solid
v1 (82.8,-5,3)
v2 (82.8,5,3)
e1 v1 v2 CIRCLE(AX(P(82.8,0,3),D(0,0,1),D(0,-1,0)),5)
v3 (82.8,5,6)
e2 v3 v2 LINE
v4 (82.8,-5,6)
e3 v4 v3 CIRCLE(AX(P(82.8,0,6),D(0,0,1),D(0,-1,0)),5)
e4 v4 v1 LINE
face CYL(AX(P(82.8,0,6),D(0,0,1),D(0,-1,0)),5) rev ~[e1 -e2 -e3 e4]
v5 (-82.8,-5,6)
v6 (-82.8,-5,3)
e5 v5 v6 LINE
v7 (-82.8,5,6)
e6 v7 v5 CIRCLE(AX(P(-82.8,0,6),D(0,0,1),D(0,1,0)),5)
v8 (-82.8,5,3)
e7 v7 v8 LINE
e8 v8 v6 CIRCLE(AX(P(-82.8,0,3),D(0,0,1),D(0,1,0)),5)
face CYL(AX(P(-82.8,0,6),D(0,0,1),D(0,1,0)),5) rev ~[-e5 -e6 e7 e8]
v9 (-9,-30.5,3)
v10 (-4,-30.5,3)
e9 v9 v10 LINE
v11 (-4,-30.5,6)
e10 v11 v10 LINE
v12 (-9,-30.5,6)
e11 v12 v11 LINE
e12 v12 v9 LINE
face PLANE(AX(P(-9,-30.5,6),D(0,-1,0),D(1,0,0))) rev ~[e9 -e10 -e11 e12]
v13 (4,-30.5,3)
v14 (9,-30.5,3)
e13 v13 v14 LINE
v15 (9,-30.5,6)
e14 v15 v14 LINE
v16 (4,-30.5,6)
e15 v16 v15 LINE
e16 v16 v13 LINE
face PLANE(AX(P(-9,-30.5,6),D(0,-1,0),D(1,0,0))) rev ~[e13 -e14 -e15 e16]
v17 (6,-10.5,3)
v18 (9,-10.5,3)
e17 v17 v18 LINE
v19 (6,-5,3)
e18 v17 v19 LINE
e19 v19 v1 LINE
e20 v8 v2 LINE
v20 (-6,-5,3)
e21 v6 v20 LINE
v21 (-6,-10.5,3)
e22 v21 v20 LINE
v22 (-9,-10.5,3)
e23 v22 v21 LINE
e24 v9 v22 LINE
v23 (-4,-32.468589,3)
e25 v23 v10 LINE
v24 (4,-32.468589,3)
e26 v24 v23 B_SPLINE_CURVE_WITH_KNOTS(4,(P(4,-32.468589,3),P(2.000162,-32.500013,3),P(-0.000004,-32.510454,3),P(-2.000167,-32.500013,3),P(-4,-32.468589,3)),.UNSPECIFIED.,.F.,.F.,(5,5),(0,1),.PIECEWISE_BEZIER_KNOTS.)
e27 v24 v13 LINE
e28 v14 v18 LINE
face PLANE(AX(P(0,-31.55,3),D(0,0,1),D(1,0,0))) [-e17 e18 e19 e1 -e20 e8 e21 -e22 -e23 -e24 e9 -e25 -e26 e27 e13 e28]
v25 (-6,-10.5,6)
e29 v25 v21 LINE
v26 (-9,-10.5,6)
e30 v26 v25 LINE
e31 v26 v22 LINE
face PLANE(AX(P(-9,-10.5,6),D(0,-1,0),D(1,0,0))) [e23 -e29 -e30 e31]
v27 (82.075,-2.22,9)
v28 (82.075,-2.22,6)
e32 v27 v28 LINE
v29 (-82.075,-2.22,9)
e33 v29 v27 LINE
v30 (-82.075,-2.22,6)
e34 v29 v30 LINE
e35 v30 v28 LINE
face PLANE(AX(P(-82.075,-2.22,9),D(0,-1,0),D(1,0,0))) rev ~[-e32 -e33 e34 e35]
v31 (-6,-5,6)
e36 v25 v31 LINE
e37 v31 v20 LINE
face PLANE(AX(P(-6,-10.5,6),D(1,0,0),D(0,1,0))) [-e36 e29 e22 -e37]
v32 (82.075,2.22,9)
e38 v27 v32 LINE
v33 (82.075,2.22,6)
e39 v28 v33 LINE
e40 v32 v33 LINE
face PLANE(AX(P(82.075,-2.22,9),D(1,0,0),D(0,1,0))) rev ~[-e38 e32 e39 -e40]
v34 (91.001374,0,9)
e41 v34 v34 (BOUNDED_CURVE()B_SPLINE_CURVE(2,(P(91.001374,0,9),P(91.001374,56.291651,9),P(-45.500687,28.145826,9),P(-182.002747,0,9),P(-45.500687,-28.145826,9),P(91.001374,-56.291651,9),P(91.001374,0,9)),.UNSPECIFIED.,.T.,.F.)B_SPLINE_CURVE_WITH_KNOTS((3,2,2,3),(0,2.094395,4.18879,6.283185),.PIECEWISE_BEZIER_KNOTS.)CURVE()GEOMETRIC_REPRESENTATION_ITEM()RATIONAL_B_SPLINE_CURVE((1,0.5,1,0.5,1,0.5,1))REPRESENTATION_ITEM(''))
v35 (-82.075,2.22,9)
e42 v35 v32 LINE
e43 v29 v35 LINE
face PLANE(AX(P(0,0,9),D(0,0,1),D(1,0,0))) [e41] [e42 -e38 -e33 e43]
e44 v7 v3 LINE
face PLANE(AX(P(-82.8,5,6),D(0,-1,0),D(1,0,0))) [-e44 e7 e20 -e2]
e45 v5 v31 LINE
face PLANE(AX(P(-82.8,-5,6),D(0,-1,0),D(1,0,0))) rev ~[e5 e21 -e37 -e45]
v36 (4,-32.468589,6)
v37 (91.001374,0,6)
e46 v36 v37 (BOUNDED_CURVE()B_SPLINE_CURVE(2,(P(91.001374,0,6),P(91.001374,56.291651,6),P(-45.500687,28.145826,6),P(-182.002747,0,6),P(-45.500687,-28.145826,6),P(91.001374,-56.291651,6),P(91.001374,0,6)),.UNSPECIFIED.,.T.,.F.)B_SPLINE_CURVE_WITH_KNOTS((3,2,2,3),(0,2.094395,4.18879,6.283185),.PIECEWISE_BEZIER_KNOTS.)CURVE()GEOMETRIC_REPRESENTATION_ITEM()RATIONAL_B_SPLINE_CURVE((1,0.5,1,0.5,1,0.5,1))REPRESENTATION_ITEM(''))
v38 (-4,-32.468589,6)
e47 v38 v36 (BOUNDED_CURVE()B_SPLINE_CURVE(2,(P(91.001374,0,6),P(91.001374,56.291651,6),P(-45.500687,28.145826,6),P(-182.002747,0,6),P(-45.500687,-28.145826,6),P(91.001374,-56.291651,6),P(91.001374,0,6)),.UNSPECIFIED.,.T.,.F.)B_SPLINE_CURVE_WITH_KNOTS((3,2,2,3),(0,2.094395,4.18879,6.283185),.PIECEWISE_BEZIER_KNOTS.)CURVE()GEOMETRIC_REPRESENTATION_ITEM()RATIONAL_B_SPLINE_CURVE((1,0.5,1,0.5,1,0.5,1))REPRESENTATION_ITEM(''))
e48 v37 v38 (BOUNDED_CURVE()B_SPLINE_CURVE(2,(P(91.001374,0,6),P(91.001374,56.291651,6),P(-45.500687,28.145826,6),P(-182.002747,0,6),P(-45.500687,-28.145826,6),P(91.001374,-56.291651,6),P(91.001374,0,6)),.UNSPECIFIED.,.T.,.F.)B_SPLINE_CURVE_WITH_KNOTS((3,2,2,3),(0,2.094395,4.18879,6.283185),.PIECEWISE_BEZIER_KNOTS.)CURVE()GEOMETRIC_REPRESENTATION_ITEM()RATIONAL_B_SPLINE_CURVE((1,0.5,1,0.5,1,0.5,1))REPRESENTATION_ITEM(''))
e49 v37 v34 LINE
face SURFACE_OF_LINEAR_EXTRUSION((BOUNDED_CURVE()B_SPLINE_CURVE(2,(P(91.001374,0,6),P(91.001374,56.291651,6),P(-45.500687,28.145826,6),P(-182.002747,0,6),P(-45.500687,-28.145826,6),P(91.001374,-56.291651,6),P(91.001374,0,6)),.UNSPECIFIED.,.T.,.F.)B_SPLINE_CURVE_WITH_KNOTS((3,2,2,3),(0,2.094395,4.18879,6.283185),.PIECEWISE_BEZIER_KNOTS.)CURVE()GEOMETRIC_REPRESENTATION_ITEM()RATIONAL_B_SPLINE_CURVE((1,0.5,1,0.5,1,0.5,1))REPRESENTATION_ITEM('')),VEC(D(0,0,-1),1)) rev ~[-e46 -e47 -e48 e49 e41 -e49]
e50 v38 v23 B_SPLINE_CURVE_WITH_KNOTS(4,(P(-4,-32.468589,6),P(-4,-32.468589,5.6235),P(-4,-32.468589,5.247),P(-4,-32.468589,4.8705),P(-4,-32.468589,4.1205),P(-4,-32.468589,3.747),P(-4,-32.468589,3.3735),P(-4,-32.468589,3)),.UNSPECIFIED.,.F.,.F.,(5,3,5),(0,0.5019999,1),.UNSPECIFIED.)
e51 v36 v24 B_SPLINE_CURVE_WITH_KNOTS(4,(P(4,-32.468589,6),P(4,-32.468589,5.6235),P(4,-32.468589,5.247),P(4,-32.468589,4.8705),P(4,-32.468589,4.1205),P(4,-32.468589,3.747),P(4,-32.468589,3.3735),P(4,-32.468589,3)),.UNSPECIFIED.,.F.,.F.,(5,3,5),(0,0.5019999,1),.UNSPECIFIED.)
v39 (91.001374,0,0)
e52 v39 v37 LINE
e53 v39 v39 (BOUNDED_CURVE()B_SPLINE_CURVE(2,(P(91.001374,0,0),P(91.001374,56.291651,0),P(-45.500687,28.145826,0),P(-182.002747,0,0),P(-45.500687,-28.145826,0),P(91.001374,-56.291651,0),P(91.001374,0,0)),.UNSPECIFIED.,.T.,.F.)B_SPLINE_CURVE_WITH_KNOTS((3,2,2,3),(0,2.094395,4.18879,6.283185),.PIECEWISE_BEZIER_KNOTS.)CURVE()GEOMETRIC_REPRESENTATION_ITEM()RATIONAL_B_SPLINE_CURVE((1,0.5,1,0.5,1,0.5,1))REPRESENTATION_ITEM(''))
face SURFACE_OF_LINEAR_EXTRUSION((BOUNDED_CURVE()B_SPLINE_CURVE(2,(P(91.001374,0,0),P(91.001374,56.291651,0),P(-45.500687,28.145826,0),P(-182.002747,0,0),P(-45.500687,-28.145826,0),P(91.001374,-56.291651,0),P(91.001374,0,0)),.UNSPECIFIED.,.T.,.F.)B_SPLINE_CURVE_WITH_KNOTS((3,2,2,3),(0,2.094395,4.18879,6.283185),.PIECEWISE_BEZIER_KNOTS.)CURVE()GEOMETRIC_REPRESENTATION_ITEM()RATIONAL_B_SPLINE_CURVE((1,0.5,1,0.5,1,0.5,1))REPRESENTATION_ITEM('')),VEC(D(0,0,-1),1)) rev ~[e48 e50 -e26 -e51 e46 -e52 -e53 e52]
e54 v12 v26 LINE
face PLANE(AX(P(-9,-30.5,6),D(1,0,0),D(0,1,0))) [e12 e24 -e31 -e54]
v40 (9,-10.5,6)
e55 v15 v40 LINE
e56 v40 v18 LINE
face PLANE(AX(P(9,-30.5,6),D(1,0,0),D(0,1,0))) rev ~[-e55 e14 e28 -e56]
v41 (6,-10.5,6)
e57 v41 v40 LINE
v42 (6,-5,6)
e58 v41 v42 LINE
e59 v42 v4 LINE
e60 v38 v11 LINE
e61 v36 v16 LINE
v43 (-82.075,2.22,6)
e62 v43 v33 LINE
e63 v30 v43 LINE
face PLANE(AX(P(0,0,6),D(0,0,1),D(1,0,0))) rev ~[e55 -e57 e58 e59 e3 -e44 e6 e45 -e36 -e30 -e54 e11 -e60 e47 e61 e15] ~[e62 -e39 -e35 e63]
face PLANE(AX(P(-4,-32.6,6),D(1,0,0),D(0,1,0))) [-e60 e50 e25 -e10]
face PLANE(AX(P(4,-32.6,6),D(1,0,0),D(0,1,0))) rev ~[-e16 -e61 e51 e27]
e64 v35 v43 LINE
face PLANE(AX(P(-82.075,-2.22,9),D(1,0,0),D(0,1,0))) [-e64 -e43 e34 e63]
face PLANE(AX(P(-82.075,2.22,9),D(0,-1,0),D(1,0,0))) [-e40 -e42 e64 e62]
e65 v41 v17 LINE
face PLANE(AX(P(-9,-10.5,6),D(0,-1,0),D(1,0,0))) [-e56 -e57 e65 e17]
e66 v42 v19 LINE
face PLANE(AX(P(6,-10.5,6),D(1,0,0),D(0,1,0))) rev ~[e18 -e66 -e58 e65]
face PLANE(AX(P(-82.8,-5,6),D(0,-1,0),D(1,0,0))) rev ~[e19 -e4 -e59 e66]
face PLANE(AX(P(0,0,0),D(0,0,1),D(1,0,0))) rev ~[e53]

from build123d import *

# Parameters (mm, degrees)
PAD_DEPTH       = 6
POCKET_DEPTH    = 3
SKETCH002_W     = 18
SKETCH002_H     = 20
POCKET001_DEPTH = 3
SKETCH003_W     = 12
SKETCH003_H     = 5.5
SKETCH003_W_2   = 8
SKETCH003_H_2   = 2.1
POCKET002_DEPTH = 3
PAD001_DEPTH    = 3
SKETCH005_W     = 164.15
SKETCH005_H     = 4.44
POCKET003_DEPTH = 3


with BuildPart() as part:
    # Sketch → Pad (new body)
    with BuildSketch(Plane.XY):
        with BuildLine():
            add(Edge.make_bspline(
                [(91.001374, 0), (91.001374, 56.291651), (-45.500687, 28.145826), (-182.002747, 0), (-45.500687, -28.145826), (91.001374, -56.291651), (91.001374, 0)],
                knots=[0, 0, 0, 2.094395, 2.094395, 4.18879, 4.18879, 6.283185, 6.283185, 6.283185], degree=2, weights=[1, 0.5, 1, 0.5, 1, 0.5, 1]))
        make_face()
    extrude(amount=PAD_DEPTH)

    # Sketch001 (on Face3 of Pad) → Pocket (cut)
    with BuildSketch(Plane.XY.offset(6)):
        with BuildLine():
            ThreePointArc((-82.8, 5), (-87.8, 0), (-82.8, -5))
            Line((-82.8, -5), (82.8, -5))
            ThreePointArc((82.8, -5), (87.8, 0), (82.8, 5))
            Line((-82.8, 5), (82.8, 5))
        make_face()
    extrude(amount=-POCKET_DEPTH, mode=Mode.SUBTRACT)

    # Sketch002 (on Face3 of Pocket) → Pocket001 (cut)
    with BuildSketch(Plane.XY.offset(6)):
        with Locations((0, -20.5)):
            Rectangle(SKETCH002_W, SKETCH002_H)
    extrude(amount=-POCKET001_DEPTH, mode=Mode.SUBTRACT)

    # Sketch003 (on Face3 of Pocket001) → Pocket002 (cut)
    with BuildSketch(Plane.XY.offset(6)):
        with Locations((0, -7.75)):
            Rectangle(SKETCH003_W, SKETCH003_H)
        with Locations((0, -31.55)):
            Rectangle(SKETCH003_W_2, SKETCH003_H_2)
    extrude(amount=-POCKET002_DEPTH, mode=Mode.SUBTRACT)

    # Sketch004 (on Face3 of Pocket002) → Pad001 (join)
    with BuildSketch(Plane.XY.offset(6)):
        with BuildLine():
            add(Edge.make_bspline(
                [(91.001374, 0), (91.001374, 56.291651), (-45.500687, 28.145826), (-182.002747, 0), (-45.500687, -28.145826), (91.001374, -56.291651), (91.001374, 0)],
                knots=[0, 0, 0, 2.094395, 2.094395, 4.18879, 4.18879, 6.283185, 6.283185, 6.283185], degree=2, weights=[1, 0.5, 1, 0.5, 1, 0.5, 1]))
        make_face()
    extrude(amount=PAD001_DEPTH)

    # Sketch005 (on Face8 of Pad001) → Pocket003 (cut)
    with BuildSketch(Plane.XY.offset(9)):
        Rectangle(SKETCH005_W, SKETCH005_H)
    extrude(amount=-POCKET003_DEPTH, mode=Mode.SUBTRACT)


solid = part.part
